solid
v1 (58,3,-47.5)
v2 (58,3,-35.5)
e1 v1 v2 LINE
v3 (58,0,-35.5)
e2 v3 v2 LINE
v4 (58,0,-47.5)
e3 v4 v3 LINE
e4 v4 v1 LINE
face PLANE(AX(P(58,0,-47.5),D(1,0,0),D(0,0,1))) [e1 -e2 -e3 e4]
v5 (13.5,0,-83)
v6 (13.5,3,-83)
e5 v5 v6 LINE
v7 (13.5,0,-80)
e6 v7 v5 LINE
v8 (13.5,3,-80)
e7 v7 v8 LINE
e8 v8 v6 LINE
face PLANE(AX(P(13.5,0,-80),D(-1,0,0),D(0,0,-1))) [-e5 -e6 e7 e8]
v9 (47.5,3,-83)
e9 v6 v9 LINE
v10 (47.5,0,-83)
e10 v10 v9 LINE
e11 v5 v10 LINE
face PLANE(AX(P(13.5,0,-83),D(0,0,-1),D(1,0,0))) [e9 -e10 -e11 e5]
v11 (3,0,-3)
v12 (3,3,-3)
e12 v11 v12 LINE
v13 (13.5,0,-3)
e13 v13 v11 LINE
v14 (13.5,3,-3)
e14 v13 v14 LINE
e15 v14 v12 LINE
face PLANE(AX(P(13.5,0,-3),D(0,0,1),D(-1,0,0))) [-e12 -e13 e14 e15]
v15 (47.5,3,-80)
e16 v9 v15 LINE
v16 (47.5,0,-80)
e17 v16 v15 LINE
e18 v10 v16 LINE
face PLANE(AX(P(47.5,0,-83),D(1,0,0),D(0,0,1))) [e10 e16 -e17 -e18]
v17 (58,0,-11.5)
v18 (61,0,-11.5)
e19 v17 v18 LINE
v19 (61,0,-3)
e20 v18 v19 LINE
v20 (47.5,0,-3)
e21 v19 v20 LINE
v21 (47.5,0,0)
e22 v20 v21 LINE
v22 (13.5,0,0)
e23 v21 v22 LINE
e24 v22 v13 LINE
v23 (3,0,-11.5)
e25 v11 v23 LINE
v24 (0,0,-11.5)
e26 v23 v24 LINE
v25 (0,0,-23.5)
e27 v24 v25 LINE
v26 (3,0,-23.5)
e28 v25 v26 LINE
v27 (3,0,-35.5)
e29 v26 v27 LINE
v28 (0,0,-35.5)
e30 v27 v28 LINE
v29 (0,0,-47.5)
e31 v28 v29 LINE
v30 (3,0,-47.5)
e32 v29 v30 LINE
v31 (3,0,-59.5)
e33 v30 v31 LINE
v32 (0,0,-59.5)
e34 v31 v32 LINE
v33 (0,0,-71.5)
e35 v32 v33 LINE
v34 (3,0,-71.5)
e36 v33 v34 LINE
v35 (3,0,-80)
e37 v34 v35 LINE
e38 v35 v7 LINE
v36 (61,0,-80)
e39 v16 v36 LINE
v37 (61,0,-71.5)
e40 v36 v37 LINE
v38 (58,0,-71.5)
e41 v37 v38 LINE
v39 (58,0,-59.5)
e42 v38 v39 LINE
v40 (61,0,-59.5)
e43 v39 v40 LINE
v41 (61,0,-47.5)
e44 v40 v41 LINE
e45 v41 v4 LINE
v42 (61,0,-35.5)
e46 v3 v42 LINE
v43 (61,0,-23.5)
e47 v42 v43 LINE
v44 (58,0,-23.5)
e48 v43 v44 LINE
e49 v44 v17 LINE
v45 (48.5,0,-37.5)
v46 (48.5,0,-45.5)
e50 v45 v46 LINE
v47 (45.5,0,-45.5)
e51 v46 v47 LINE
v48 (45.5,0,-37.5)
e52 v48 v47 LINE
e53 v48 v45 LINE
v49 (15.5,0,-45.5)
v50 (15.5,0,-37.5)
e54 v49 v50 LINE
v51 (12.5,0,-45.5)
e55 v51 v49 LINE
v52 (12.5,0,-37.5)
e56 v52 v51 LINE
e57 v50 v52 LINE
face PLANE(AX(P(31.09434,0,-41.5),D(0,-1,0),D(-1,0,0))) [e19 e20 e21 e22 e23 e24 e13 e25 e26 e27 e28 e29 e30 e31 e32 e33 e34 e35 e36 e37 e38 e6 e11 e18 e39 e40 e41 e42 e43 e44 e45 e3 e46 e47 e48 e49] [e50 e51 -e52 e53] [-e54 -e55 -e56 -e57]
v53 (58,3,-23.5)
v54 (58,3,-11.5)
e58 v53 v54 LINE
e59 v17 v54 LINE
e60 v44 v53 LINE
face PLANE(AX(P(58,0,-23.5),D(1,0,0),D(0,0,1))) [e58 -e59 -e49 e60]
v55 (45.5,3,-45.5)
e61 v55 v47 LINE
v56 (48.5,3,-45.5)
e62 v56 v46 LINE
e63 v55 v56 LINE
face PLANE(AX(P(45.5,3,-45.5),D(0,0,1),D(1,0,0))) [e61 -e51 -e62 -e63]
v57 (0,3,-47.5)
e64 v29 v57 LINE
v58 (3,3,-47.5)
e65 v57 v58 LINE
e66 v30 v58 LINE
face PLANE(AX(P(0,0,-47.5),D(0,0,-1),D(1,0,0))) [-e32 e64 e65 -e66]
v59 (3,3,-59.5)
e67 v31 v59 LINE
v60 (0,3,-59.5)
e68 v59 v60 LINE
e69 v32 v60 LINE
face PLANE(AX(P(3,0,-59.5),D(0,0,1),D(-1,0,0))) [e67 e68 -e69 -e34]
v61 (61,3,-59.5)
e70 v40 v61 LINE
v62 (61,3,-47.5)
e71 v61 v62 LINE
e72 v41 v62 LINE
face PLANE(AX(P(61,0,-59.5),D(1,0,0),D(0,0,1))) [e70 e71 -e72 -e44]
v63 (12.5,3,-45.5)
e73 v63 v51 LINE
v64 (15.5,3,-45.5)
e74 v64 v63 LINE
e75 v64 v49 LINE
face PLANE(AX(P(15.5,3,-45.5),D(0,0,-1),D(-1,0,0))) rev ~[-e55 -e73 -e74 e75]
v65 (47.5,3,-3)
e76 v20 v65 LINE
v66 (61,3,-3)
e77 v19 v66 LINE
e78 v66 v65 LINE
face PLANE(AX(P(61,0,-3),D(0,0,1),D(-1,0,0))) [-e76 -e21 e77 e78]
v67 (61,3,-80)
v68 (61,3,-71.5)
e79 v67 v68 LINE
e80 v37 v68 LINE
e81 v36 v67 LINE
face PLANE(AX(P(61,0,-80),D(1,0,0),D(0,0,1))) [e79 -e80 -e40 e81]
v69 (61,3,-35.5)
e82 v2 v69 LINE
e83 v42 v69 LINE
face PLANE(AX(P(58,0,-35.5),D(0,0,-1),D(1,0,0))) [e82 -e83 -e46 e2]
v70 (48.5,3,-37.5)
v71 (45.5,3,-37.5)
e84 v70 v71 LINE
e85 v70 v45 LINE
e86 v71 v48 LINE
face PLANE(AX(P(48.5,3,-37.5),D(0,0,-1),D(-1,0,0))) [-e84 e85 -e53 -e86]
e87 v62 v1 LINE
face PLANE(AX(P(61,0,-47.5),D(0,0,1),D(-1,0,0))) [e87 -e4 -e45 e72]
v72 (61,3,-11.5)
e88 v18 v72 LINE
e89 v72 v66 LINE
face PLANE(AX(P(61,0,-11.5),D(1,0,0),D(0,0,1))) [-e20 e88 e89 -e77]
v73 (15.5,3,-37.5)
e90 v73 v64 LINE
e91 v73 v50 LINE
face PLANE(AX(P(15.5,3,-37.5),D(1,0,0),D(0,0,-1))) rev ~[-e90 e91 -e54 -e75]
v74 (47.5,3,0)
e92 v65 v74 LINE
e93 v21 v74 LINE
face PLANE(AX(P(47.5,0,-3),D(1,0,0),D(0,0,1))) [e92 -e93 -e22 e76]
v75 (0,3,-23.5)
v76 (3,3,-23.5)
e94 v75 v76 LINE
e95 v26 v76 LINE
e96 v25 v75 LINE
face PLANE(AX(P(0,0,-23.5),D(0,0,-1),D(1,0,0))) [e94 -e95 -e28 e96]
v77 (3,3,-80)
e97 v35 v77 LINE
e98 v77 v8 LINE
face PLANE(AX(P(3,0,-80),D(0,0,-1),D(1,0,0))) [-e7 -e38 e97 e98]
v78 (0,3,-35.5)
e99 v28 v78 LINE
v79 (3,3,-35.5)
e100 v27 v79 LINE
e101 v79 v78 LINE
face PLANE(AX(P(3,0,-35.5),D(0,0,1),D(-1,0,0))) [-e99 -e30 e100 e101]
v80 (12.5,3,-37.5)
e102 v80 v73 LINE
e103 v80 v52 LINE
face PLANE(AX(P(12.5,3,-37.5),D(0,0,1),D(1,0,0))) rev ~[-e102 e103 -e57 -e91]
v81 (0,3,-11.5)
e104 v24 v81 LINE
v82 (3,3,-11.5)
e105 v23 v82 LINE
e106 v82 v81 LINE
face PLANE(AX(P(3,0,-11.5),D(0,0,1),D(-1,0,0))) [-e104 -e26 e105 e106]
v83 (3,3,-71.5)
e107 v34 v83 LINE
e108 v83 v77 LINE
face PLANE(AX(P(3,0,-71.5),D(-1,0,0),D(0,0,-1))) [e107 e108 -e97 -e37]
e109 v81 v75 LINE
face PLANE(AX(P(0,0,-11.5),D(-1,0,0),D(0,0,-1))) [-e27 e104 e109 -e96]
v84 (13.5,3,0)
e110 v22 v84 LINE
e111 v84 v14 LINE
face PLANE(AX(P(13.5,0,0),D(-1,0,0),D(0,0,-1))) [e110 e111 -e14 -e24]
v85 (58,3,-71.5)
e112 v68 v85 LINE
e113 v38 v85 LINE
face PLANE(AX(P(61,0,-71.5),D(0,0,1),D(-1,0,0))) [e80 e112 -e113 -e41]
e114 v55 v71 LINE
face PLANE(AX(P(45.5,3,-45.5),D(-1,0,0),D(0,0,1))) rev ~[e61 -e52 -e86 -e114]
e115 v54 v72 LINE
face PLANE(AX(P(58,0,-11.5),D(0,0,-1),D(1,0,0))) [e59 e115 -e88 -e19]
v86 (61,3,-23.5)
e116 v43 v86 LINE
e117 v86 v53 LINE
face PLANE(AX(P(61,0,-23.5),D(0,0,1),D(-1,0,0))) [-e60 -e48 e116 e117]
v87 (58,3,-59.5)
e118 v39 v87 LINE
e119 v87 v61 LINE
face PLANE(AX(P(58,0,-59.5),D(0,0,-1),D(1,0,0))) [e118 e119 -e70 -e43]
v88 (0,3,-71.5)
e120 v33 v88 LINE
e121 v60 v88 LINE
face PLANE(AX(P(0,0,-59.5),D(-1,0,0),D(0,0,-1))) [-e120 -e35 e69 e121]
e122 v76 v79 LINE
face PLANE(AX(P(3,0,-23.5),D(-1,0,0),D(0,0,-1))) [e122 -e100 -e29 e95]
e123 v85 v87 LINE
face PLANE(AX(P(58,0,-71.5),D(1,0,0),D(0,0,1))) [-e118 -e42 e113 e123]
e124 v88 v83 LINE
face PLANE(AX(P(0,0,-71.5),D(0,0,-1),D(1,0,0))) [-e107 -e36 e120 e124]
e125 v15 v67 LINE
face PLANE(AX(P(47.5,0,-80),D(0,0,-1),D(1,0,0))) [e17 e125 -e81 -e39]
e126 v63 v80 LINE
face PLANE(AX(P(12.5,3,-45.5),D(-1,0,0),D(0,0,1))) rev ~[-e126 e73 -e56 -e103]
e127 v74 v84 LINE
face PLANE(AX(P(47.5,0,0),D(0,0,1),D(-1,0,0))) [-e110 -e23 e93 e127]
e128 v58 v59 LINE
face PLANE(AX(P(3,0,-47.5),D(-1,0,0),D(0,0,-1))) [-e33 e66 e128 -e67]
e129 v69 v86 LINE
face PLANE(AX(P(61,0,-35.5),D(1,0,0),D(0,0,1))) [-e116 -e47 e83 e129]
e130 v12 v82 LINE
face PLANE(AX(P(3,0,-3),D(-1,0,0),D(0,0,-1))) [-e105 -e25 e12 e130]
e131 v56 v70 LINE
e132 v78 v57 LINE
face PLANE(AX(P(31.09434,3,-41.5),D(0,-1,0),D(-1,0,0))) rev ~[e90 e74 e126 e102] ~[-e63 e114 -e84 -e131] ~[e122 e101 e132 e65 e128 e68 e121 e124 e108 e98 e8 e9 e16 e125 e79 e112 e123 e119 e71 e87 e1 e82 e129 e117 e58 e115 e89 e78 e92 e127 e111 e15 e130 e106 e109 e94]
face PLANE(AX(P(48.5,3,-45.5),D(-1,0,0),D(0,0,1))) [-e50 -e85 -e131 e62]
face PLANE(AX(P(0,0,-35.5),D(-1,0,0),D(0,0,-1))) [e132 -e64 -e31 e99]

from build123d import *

# Parameters (mm, degrees)
SALIENTE_EXTRUIR1_DEPTH = 3
CORTAR_EXTRUIR1_DEPTH   = 10


with BuildPart() as part:
    # Croquis1 → Saliente-Extruir1 (new body)
    with BuildSketch(Plane(origin=(0, 0, 0), x_dir=(1, 0, 0), z_dir=(0, 1, 0))):
        Polygon((3, 35.5), (0, 35.5), (0, 47.5), (3, 47.5), (3, 59.5), (0, 59.5), (0, 71.5), (3, 71.5), (3, 80), (13.5, 80), (13.5, 83), (47.5, 83), (47.5, 80), (61, 80), (61, 71.5), (58, 71.5), (58, 59.5), (61, 59.5), (61, 47.5), (58, 47.5), (58, 35.5), (61, 35.5), (61, 23.5), (58, 23.5), (58, 11.5), (61, 11.5), (61, 3), (47.5, 3), (47.5, 0), (13.5, 0), (13.5, 3), (3, 3), (3, 11.5), (0, 11.5), (0, 23.5), (3, 23.5), align=None)
    extrude(amount=SALIENTE_EXTRUIR1_DEPTH)

    # Croquis2 → Cortar-Extruir1 (cut)
    with BuildSketch(Plane(origin=(0, 3, 0), x_dir=(1, 0, 0), z_dir=(0, 1, 0))):
        Polygon((15.5, 41.5), (15.5, 45.5), (12.5, 45.5), (12.5, 37.5), (15.5, 37.5), align=None)
        Polygon((45.5, 37.5), (45.5, 41.5), (45.5, 45.5), (48.5, 45.5), (48.5, 37.5), align=None)
    extrude(amount=-CORTAR_EXTRUIR1_DEPTH, mode=Mode.SUBTRACT)


solid = part.part
